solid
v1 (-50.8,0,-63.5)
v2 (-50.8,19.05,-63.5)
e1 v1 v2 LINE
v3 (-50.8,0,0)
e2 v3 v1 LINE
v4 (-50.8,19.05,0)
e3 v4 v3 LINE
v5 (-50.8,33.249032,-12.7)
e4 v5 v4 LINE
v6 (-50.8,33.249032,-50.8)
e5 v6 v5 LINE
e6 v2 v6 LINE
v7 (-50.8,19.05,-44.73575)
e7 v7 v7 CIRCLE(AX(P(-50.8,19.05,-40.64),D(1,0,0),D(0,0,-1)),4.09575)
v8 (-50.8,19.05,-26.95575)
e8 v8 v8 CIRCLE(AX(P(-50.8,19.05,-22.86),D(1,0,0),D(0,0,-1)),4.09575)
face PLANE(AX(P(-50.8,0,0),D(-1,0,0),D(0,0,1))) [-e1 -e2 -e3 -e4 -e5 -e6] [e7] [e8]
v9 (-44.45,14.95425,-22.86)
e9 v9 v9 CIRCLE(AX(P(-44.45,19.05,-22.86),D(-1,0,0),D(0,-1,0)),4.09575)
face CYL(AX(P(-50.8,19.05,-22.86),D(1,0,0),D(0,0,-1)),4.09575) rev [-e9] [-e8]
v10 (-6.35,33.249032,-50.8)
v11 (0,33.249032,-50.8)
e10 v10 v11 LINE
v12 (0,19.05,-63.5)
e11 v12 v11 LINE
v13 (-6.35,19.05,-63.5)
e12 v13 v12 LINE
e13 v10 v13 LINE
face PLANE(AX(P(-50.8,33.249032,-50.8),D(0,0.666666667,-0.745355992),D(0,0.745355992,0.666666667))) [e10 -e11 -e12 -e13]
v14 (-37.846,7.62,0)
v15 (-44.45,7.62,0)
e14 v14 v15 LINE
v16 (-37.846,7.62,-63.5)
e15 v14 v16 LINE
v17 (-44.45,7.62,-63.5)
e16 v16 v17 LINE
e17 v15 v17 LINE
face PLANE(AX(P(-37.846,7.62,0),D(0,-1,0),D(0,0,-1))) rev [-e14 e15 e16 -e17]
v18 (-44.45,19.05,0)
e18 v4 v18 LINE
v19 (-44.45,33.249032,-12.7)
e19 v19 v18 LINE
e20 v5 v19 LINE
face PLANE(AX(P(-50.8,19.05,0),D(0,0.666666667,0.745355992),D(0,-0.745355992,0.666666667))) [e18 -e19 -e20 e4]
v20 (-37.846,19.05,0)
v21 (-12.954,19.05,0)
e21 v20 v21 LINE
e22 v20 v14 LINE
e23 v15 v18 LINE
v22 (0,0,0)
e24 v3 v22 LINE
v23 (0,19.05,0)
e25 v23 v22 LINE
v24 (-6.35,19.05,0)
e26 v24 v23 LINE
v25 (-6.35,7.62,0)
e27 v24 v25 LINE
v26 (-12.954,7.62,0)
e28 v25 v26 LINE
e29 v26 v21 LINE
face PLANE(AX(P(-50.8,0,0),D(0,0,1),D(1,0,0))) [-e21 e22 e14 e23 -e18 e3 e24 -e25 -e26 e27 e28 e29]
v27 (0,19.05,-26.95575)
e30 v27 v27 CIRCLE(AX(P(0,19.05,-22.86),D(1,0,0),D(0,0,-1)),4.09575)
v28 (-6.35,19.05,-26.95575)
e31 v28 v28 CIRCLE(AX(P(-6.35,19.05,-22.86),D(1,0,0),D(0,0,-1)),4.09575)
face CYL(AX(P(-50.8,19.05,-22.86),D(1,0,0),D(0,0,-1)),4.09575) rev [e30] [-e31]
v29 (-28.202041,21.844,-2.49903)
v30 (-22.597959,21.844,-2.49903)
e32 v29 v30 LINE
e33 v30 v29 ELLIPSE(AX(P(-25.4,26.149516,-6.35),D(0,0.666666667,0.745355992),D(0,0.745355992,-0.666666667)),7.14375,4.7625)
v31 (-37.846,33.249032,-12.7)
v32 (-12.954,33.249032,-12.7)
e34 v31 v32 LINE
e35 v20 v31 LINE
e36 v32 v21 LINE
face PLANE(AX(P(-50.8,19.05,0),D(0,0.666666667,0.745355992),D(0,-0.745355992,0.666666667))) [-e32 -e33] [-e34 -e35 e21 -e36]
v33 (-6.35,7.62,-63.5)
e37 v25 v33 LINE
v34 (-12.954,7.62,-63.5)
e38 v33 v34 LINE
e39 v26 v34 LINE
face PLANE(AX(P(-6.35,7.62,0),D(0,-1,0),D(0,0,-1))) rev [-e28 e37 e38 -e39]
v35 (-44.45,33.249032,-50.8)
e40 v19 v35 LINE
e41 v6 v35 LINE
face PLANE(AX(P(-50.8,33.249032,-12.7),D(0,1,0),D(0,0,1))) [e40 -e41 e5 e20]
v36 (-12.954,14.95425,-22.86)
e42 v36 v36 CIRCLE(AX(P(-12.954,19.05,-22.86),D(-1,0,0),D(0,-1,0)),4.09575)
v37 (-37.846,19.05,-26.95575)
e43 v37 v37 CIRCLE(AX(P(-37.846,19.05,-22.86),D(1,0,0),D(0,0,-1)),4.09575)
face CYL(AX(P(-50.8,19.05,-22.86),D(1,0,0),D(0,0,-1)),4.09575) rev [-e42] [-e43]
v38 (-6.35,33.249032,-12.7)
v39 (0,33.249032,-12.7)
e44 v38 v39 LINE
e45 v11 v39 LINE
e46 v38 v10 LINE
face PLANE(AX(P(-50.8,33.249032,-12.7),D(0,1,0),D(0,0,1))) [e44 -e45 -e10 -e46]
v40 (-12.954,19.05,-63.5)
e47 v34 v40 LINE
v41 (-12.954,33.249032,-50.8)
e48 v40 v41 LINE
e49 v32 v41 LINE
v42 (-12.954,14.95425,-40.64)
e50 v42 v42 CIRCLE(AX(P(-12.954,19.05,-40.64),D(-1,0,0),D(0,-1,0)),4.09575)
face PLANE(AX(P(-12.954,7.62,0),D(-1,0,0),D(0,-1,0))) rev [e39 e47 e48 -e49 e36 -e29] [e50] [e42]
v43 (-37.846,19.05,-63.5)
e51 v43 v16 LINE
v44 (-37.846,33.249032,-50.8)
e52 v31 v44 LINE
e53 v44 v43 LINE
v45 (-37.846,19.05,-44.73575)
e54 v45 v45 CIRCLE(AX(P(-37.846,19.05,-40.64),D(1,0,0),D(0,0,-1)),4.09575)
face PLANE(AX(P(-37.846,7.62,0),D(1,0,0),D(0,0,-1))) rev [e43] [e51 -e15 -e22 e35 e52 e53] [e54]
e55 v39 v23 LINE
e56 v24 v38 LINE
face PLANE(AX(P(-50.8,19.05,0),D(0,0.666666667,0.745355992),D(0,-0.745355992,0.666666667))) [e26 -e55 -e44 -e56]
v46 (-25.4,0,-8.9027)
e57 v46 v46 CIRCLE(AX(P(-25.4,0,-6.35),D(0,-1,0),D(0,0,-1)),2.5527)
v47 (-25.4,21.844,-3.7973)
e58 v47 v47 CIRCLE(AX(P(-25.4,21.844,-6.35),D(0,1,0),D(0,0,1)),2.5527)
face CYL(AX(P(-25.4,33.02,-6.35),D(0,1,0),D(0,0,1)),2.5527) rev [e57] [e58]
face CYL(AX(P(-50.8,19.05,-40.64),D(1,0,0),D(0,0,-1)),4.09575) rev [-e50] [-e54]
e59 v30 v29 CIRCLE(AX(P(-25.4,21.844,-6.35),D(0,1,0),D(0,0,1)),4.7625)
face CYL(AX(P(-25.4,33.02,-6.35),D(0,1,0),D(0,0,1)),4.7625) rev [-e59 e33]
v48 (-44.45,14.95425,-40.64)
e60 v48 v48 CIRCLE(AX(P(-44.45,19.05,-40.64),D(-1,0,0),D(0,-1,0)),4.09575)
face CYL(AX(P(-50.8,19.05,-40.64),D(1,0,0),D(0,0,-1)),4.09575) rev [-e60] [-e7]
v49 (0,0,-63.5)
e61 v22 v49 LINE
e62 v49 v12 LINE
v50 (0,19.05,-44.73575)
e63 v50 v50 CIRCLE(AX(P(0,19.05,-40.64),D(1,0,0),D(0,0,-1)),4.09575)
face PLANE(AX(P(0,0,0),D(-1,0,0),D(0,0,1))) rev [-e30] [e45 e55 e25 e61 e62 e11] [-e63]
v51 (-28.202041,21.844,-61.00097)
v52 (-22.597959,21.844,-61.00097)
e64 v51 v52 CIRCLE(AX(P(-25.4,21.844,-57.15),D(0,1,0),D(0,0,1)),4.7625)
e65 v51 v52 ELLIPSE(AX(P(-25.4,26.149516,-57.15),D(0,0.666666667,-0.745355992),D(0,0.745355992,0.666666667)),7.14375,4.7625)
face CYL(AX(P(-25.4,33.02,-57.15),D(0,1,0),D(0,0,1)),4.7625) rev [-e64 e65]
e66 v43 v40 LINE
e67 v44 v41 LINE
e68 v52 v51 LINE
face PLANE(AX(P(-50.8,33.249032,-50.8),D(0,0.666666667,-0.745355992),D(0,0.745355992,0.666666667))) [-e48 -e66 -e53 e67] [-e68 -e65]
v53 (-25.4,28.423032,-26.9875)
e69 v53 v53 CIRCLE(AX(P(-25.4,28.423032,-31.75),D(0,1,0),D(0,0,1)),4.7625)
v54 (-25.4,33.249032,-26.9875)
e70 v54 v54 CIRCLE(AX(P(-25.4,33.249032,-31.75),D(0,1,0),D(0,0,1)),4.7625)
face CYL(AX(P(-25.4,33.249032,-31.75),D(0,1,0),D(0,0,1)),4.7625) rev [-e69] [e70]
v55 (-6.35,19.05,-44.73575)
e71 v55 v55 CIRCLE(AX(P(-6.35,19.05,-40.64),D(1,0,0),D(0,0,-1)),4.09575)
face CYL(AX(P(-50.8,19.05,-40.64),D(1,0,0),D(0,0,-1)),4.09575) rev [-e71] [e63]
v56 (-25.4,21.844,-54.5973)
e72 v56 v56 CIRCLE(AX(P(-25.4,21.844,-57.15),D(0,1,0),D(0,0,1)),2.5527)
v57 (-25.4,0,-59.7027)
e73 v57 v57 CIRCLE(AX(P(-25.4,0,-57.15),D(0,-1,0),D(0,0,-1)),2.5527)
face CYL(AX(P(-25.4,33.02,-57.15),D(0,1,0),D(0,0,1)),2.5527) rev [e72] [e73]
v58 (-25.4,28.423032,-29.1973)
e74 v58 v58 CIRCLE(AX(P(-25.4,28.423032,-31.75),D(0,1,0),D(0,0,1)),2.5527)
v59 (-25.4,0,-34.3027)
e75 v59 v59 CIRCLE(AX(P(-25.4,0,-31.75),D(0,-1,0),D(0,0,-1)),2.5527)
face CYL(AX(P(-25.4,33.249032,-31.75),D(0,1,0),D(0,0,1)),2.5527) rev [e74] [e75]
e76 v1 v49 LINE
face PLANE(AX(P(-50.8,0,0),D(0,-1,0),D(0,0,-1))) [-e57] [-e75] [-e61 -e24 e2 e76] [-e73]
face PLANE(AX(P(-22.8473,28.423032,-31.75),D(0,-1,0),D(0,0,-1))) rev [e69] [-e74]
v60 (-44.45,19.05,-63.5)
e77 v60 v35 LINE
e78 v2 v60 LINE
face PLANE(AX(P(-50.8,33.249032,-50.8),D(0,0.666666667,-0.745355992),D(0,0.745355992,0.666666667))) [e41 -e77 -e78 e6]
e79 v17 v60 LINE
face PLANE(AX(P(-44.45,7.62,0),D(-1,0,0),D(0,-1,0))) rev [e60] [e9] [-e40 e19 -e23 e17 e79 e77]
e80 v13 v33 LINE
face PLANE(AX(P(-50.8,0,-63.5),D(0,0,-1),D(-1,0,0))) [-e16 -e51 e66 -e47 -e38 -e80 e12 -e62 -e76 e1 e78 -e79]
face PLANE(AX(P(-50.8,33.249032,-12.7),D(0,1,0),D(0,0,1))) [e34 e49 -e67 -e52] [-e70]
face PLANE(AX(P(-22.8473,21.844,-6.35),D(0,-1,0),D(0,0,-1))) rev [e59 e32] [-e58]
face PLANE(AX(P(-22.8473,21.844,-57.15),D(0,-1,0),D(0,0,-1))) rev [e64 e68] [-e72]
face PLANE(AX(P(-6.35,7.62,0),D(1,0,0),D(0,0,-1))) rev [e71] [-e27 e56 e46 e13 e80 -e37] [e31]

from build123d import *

# Parameters (mm, degrees)
SKETCH1_W                                       = 63.5
SKETCH1_H                                       = 6.35
BOSS_EXTRUDE1_DEPTH                             = 50.8
BOSS_EXTRUDE2_DEPTH                             = 50.8
SKETCH10_W                                      = 6.604
SKETCH10_H                                      = 25.629031657
CUT_EXTRUDE1_DEPTH                              = 88.854357354
LPATTERN3_COUNT                                 = 2
LPATTERN3_PITCH                                 = 31.496
SKETCH11_R                                      = 4.09575
CUT_EXTRUDE2_DEPTH                              = 88.854357354
CBORE_FOR_10_SOCKET_HEAD_CAP_SCREW1_D           = 5.1054
CBORE_FOR_10_SOCKET_HEAD_CAP_SCREW1_CBORE_D     = 9.525
CBORE_FOR_10_SOCKET_HEAD_CAP_SCREW1_CBORE_DEPTH = 4.826
CBORE_FOR_10_SOCKET_HEAD_CAP_SCREW3_D           = 5.1054
CBORE_FOR_10_SOCKET_HEAD_CAP_SCREW3_CBORE_D     = 9.525
CBORE_FOR_10_SOCKET_HEAD_CAP_SCREW3_CBORE_DEPTH = 11.176


with BuildPart() as part:
    # Sketch1 → Boss-Extrude1 (new body)
    with BuildSketch(Plane(origin=(0, 0, 0), x_dir=(0, 0, -1), z_dir=(1, 0, 0))):
        with Locations((31.75, 3.175)):
            Rectangle(SKETCH1_W, SKETCH1_H)
    extrude(amount=-BOSS_EXTRUDE1_DEPTH)

    # Sketch2 → Boss-Extrude2 (add)
    with BuildSketch(Plane(origin=(0, 0, 0), x_dir=(0, 0, -1), z_dir=(1, 0, 0))):
        Polygon((0, 6.35), (0, 19.05), (12.7, 33.249031657), (50.8, 33.249031657), (63.5, 19.05), (63.5, 6.35), align=None)
    extrude(amount=-BOSS_EXTRUDE2_DEPTH)

    # Sketch10 → Cut-Extrude1 (cut, through all)
    with BuildSketch(Plane(origin=(0, 0, -63.5), x_dir=(-1, 0, 0), z_dir=(0, 0, -1))):
        with Locations((9.652, 20.434515829)):
            Rectangle(SKETCH10_W, SKETCH10_H)
    cut_extrude1 = extrude(amount=-CUT_EXTRUDE1_DEPTH, mode=Mode.SUBTRACT)

    # LPattern3: Cut-Extrude1 ×2
    with Locations(*[(-i * LPATTERN3_PITCH, 0, 0) for i in range(1, LPATTERN3_COUNT)]):
        add(cut_extrude1, mode=Mode.SUBTRACT)

    # Sketch11 → Cut-Extrude2 (cut, through all)
    with BuildSketch(Plane(origin=(0, 0, 0), x_dir=(0, 0, -1), z_dir=(1, 0, 0))):
        with Locations((22.86, 19.05)):
            Circle(SKETCH11_R)
        with Locations((40.64, 19.05)):
            Circle(SKETCH11_R)
    extrude(amount=-CUT_EXTRUDE2_DEPTH, mode=Mode.SUBTRACT)

    # CBORE for #10 Socket Head Cap Screw1 (through all)
    with Locations(Plane(origin=(0, 33.249031657, 0), x_dir=(1, 0, 0), z_dir=(0, 1, 0))):
        with Locations((-25.4, 31.75)):
            CounterBoreHole(CBORE_FOR_10_SOCKET_HEAD_CAP_SCREW1_D / 2, CBORE_FOR_10_SOCKET_HEAD_CAP_SCREW1_CBORE_D / 2, CBORE_FOR_10_SOCKET_HEAD_CAP_SCREW1_CBORE_DEPTH)

    # CBORE for #10 Socket Head Cap Screw3 (through all)
    with Locations(Plane(origin=(0, 33.02, 0), x_dir=(-1, 0, 0), z_dir=(0, 1, 0))):
        with Locations((25.4, -6.35), (25.4, -57.15)):
            CounterBoreHole(CBORE_FOR_10_SOCKET_HEAD_CAP_SCREW3_D / 2, CBORE_FOR_10_SOCKET_HEAD_CAP_SCREW3_CBORE_D / 2, CBORE_FOR_10_SOCKET_HEAD_CAP_SCREW3_CBORE_DEPTH)


solid = part.part
